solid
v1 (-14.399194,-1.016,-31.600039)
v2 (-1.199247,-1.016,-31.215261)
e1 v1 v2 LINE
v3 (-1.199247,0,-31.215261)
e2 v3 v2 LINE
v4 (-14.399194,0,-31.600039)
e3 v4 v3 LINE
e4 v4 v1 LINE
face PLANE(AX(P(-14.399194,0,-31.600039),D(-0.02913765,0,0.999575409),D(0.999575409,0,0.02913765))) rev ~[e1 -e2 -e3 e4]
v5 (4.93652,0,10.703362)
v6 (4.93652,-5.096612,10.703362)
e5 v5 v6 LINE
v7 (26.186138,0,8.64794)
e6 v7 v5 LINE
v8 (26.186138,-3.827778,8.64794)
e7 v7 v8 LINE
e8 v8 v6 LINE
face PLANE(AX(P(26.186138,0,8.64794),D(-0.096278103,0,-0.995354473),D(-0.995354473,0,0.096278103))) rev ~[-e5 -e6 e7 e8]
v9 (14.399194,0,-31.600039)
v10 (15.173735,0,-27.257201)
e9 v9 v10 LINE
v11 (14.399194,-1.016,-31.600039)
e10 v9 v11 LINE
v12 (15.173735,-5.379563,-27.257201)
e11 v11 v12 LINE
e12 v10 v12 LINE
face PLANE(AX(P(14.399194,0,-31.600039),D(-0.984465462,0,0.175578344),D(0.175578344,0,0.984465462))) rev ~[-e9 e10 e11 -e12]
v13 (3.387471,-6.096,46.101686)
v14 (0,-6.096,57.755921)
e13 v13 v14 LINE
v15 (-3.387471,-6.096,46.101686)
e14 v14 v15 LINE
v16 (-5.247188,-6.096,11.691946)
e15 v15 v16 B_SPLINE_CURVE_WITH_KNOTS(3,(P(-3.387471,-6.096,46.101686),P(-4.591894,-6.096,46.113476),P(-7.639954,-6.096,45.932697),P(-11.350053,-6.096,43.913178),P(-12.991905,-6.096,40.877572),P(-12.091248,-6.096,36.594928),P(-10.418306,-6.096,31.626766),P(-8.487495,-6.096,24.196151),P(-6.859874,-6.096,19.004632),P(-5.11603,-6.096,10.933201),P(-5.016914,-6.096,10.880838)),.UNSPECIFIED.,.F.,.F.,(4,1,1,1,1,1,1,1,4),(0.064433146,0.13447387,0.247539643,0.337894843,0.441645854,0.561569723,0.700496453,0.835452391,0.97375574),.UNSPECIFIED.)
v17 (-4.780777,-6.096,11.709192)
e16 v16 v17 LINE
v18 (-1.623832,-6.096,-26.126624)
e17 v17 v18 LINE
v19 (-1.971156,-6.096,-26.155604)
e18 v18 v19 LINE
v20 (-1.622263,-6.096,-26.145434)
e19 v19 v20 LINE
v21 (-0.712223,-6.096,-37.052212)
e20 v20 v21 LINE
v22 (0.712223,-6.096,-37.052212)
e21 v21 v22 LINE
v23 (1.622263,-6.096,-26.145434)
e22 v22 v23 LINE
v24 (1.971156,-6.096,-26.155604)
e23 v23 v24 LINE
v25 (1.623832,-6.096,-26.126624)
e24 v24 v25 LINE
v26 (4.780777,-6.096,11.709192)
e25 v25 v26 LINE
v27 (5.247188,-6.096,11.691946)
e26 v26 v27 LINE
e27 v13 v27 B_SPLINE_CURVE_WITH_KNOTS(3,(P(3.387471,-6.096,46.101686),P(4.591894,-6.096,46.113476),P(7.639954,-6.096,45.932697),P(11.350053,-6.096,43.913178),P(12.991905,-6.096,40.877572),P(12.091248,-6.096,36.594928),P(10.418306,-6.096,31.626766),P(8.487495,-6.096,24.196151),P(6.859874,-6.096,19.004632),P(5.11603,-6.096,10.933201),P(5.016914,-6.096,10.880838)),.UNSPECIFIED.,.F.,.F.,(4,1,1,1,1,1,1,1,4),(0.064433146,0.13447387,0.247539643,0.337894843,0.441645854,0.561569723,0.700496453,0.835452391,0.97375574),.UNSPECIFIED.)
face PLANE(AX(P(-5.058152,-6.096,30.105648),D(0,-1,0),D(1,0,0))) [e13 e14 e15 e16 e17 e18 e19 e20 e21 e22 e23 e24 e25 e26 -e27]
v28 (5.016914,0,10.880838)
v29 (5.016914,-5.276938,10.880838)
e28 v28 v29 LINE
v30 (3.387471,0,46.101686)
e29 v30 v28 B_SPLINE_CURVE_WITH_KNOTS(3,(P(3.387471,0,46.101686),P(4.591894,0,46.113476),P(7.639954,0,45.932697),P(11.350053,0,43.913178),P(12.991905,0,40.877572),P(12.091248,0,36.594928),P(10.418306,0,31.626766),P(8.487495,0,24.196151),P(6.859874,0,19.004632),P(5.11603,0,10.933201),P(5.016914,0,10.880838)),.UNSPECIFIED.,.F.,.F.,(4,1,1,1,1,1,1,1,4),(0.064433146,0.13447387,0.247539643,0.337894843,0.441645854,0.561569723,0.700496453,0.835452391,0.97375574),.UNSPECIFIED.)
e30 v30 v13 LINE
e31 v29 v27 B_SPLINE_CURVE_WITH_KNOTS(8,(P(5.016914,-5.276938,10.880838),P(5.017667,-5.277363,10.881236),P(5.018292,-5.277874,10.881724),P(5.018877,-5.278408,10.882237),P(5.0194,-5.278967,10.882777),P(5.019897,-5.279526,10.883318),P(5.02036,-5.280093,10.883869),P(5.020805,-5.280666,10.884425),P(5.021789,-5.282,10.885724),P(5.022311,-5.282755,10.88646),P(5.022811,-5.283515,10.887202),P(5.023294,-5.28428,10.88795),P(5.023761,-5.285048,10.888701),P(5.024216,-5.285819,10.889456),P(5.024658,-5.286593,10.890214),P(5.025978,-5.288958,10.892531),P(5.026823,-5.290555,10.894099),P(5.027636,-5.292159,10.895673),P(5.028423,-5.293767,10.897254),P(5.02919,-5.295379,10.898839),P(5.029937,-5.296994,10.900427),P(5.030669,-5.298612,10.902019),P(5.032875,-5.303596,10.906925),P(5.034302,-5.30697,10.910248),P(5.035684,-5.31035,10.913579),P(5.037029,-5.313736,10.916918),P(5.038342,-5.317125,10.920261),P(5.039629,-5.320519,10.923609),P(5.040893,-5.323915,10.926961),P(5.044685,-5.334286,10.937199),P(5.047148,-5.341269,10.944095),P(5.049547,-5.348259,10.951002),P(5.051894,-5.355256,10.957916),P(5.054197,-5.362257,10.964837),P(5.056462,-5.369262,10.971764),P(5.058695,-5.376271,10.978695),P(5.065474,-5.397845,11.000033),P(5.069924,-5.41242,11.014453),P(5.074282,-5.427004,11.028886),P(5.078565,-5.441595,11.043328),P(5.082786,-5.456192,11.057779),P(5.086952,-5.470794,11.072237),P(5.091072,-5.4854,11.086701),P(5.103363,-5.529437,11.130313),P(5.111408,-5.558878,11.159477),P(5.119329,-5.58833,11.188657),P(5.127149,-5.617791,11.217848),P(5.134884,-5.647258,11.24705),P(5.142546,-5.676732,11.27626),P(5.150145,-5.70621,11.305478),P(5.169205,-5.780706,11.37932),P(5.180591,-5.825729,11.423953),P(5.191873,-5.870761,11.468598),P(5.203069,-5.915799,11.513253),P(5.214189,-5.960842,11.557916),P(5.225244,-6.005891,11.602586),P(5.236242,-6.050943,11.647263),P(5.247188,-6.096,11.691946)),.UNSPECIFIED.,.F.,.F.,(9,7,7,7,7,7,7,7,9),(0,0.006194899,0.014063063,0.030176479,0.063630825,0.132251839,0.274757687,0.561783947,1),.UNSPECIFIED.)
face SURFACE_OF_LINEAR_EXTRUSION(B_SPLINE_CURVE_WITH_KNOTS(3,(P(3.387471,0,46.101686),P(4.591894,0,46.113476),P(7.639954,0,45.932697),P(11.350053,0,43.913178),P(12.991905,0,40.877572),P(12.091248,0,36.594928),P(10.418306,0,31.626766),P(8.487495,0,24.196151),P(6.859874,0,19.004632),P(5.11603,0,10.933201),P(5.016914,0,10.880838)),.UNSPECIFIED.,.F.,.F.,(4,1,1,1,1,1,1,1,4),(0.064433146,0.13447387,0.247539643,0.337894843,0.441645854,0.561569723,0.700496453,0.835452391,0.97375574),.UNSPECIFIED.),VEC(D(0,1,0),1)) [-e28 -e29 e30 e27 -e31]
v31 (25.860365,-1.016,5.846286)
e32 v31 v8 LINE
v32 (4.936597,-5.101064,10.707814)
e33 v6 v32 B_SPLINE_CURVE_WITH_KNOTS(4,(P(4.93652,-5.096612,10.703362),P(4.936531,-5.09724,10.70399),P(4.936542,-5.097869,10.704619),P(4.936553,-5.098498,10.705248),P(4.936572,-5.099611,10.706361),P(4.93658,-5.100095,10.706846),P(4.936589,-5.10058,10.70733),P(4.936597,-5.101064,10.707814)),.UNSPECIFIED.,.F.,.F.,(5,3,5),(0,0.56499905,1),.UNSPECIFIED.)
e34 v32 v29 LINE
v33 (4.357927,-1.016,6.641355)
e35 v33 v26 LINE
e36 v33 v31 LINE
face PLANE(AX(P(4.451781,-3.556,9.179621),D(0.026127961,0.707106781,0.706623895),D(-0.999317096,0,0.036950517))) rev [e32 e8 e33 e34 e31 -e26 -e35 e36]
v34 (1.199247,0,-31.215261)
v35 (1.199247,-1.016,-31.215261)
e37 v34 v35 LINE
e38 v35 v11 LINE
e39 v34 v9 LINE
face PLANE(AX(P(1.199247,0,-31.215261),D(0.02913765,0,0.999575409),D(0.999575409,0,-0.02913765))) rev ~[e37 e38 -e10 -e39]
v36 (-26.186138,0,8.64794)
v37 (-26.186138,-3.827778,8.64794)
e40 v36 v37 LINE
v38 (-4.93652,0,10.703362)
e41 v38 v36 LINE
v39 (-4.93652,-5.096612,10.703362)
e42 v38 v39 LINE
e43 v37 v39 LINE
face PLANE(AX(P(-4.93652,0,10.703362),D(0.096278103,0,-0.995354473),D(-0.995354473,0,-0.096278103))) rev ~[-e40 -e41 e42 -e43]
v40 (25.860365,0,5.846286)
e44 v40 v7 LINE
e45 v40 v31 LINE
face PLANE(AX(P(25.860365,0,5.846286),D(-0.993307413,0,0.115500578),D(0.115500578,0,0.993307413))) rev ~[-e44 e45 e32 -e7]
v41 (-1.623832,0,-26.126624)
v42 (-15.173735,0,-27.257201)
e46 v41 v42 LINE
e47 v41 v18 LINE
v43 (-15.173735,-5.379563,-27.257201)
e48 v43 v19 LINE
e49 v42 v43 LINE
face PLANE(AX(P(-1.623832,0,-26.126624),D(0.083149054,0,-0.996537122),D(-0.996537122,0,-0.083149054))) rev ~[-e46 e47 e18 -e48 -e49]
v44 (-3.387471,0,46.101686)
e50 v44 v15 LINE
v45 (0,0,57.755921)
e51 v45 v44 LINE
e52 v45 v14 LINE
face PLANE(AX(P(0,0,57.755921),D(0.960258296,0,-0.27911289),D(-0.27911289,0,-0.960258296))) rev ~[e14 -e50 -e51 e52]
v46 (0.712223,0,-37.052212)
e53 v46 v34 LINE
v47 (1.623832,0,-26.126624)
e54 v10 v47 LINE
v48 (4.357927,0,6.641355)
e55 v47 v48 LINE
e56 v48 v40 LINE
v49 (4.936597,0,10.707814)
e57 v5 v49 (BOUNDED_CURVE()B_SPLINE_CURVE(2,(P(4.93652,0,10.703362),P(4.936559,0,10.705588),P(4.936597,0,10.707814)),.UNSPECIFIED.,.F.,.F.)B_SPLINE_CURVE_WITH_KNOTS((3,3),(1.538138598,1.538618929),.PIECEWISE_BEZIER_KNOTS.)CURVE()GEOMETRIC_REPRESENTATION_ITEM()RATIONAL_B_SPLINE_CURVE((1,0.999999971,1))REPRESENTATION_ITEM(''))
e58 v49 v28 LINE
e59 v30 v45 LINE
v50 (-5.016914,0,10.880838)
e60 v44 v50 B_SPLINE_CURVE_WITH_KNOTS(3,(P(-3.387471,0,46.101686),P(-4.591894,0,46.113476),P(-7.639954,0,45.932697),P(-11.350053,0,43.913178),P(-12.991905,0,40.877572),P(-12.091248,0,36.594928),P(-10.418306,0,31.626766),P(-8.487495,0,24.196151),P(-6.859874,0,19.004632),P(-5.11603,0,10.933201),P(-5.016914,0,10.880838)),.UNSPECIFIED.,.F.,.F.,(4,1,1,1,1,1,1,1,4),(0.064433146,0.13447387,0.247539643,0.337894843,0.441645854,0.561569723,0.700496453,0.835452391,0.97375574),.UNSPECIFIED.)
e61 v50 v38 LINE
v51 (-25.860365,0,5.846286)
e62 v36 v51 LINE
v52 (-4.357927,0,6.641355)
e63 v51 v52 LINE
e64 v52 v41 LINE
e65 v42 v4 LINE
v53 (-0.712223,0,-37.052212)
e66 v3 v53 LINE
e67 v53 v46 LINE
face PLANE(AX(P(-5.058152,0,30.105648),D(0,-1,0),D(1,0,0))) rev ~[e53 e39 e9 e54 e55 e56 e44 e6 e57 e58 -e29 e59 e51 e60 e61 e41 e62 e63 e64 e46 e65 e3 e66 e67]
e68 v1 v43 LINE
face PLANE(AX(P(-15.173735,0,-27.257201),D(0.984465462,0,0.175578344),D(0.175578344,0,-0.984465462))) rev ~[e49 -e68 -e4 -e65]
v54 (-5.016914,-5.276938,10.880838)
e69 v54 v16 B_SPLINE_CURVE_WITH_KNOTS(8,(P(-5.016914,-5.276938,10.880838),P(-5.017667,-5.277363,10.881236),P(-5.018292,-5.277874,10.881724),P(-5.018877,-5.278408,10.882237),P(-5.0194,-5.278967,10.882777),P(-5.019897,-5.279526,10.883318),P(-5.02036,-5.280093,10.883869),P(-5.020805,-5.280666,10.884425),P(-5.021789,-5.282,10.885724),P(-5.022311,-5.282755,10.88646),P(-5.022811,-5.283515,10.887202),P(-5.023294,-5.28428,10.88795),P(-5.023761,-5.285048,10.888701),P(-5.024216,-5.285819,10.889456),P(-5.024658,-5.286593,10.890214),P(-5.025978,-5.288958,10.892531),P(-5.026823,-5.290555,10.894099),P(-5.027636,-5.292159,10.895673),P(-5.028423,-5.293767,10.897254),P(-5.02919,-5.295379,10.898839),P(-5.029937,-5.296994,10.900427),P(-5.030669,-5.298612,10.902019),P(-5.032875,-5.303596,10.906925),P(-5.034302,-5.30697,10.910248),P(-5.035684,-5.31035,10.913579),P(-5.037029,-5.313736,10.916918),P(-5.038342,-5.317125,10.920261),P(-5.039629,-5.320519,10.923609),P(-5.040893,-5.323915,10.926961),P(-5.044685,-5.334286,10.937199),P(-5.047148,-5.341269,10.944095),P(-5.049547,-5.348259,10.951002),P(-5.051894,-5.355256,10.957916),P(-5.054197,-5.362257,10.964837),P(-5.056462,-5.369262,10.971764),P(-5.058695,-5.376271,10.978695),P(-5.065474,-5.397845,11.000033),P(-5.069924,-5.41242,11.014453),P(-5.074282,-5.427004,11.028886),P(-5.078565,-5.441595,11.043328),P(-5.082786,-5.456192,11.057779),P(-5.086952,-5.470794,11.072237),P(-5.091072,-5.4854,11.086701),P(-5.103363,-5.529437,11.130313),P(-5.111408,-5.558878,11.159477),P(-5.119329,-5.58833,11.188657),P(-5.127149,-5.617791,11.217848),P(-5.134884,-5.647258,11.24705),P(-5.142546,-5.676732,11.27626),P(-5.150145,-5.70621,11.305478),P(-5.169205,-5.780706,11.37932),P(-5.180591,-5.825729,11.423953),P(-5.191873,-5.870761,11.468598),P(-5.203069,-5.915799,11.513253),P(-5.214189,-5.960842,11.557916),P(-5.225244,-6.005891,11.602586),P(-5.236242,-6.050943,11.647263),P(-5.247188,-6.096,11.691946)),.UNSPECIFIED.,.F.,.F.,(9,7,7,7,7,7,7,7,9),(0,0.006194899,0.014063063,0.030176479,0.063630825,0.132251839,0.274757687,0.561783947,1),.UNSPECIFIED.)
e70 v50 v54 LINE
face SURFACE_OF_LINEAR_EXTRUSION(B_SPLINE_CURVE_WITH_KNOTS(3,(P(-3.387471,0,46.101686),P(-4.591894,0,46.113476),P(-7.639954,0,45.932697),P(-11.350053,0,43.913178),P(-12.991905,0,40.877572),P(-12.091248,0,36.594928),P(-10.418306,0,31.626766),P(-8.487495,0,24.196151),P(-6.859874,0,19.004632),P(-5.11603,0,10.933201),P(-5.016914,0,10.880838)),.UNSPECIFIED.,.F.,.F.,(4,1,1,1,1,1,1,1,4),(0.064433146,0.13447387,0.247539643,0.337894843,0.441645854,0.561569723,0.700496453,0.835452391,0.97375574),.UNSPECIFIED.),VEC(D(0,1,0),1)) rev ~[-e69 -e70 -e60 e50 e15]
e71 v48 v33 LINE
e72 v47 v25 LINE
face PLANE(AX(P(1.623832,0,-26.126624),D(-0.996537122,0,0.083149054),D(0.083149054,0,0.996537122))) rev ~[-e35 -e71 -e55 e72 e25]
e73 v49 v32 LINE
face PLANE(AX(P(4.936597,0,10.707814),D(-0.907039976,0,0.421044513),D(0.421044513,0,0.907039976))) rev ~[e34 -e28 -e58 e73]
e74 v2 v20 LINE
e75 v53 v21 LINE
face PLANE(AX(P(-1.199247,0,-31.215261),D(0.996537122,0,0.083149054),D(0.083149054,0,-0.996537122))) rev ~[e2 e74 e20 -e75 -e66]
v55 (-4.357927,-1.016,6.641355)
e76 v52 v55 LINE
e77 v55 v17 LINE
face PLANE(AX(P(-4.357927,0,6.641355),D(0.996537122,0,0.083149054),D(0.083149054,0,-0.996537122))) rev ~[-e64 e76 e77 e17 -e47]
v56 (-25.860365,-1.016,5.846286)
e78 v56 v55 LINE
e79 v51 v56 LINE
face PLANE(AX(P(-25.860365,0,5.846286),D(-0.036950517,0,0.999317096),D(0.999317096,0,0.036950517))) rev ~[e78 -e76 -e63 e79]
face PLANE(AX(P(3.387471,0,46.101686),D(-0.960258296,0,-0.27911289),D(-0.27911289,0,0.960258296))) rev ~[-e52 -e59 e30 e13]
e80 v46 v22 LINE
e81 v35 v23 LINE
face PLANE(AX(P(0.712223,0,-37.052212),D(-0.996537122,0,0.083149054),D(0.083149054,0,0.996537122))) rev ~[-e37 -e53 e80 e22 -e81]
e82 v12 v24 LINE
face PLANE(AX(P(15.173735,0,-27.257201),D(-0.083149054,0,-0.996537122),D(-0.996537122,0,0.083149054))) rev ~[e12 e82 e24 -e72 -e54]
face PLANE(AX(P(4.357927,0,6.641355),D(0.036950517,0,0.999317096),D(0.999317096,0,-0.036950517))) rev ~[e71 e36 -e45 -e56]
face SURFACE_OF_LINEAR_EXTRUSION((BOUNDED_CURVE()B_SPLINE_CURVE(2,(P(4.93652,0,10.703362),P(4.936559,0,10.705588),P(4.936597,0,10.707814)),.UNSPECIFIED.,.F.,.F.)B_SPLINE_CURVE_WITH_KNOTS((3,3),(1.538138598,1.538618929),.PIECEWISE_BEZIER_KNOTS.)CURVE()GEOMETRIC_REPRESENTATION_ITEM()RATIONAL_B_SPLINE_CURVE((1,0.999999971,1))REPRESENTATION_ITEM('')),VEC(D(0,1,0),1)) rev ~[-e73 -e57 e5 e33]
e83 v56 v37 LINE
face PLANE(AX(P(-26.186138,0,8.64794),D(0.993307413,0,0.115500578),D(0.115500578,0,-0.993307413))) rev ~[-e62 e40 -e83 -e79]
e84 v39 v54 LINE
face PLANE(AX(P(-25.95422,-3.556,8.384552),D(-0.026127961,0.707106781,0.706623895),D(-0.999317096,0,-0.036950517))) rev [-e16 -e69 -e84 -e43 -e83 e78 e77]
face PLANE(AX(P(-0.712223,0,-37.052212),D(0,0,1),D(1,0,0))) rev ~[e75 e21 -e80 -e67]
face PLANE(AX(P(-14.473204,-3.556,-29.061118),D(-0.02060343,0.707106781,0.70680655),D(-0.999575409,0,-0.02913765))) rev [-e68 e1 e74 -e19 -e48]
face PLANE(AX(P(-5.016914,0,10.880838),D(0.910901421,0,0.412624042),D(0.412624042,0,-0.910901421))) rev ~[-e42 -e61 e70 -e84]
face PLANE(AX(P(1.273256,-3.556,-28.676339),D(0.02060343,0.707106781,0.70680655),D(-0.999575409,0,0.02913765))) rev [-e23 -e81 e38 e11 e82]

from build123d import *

# Parameters (mm, degrees)
F1_DEPTH = 6.096
F2_SIZE  = 5.08
F3_SIZE  = 5.08
F4_SIZE  = 5.08
F5_SIZE  = 5.08


with BuildPart() as f1:
    # F0 (on Front) → F1 (new body)
    with BuildSketch(Plane.XZ):
        with BuildLine():
            Line((0, 20.2803085162), (0, 45.9340810776))
            add(Edge.make_bspline(
                [(0, 45.9340810776), (-1.1389014306, 46.0114949237), (-2.2794765797, 46.0908397164), (-3.3874711399, 46.1016858359)],
                knots=[0, 0, 0, 0, 0.0644331464, 0.0644331464, 0.0644331464, 0.0644331464], degree=3))
            add(Edge.make_bspline(
                [(-3.3874711399, 46.1016858359), (-4.5918937858, 46.1134758865), (-7.6399537199, 45.932697384), (-11.3500527225, 43.9131780528), (-12.9919049147, 40.8775722979), (-12.0912484402, 36.5949284774), (-10.4183061964, 31.6267656453), (-8.4874951951, 24.1961510451), (-6.8598737351, 19.0046316817), (-5.1160297689, 10.9332008272), (-5.0169141032, 10.8808381483)],
                knots=[0.0644331464, 0.0644331464, 0.0644331464, 0.0644331464, 0.13447387, 0.2475396431, 0.3378948434, 0.4416458535, 0.5615697227, 0.7004964526, 0.8354523914, 0.9737557397, 0.9737557397, 0.9737557397, 0.9737557397], degree=3))
            Line((-5.0169141032, 10.8808381483), (-4.9365200102, 10.7033615932))
            add(Edge.make_bspline(
                [(0, 20.2803085162), (-5.1031475964, 20.2803085162), (-4.9365200102, 10.7033615932)],
                knots=[3.1415926536, 3.1415926536, 3.1415926536, 4.7450467089, 4.7450467089, 4.7450467089], degree=2, weights=[1, 0.6954667772, 1]))
        make_face()
        with BuildLine():
            add(Edge.make_bspline(
                [(0, 45.9340810776), (1.1389014306, 46.0114949237), (2.2794765797, 46.0908397164), (3.3874711399, 46.1016858359)],
                knots=[0, 0, 0, 0, 0.0644331464, 0.0644331464, 0.0644331464, 0.0644331464], degree=3))
            Line((0, 45.9340810776), (0, 20.2803085162))
            add(Edge.make_bspline(
                [(4.9365969051, 10.7078139024), (5.1006956981, 20.2803085162), (0, 20.2803085162)],
                knots=[1.5386189291, 1.5386189291, 1.5386189291, 3.1415926536, 3.1415926536, 3.1415926536], degree=2, weights=[1, 0.6956393299, 1]))
            Line((4.9365969051, 10.7078139024), (5.0169141032, 10.8808381483))
            add(Edge.make_bspline(
                [(3.3874711399, 46.1016858359), (4.5918937858, 46.1134758865), (7.6399537199, 45.932697384), (11.3500527225, 43.9131780528), (12.9919049147, 40.8775722979), (12.0912484402, 36.5949284774), (10.4183061964, 31.6267656453), (8.4874951951, 24.1961510451), (6.8598737351, 19.0046316817), (5.1160297689, 10.9332008272), (5.0169141032, 10.8808381483)],
                knots=[0.0644331464, 0.0644331464, 0.0644331464, 0.0644331464, 0.13447387, 0.2475396431, 0.3378948434, 0.4416458535, 0.5615697227, 0.7004964526, 0.8354523914, 0.9737557397, 0.9737557397, 0.9737557397, 0.9737557397], degree=3))
        make_face()
        with BuildLine():
            add(Edge.make_bspline(
                [(0, 45.9340810776), (-1.1389014306, 46.0114949237), (-2.2794765797, 46.0908397164), (-3.3874711399, 46.1016858359)],
                knots=[0, 0, 0, 0, 0.0644331464, 0.0644331464, 0.0644331464, 0.0644331464], degree=3))
            add(Edge.make_bspline(
                [(0, 45.9340810776), (1.1389014306, 46.0114949237), (2.2794765797, 46.0908397164), (3.3874711399, 46.1016858359)],
                knots=[0, 0, 0, 0, 0.0644331464, 0.0644331464, 0.0644331464, 0.0644331464], degree=3))
            Line((3.3874711399, 46.1016858359), (0, 57.755921036))
            Line((0, 57.755921036), (-3.3874711399, 46.1016858359))
        make_face()
        with BuildLine():
            Line((0, 1.7320509615), (0, 20.2803085162))
            add(Edge.make_bspline(
                [(0, 20.2803085162), (-5.1031475964, 20.2803085162), (-4.9365200102, 10.7033615932)],
                knots=[3.1415926536, 3.1415926536, 3.1415926536, 4.7450467089, 4.7450467089, 4.7450467089], degree=2, weights=[1, 0.6954667772, 1]))
            add(Edge.make_bspline(
                [(-4.9365200102, 10.7033615932), (-4.898983165, 8.5459254669), (-4.3579266312, 6.641355379)],
                knots=[4.7450467089, 4.7450467089, 4.7450467089, 5.2024108881, 5.2024108881, 5.2024108881], degree=2, weights=[1, 0.9739660033, 1]))
            add(Edge.make_bspline(
                [(-4.3579266312, 6.641355379), (-2.9632752876, 1.7320509615), (0, 1.7320509615)],
                knots=[5.2024108881, 5.2024108881, 5.2024108881, 6.2831853072, 6.2831853072, 6.2831853072], degree=2, weights=[1, 0.8575095387, 1]))
        make_face()
        with BuildLine():
            add(Edge.make_bspline(
                [(4.9365969051, 10.7078139024), (5.1006956981, 20.2803085162), (0, 20.2803085162)],
                knots=[1.5386189291, 1.5386189291, 1.5386189291, 3.1415926536, 3.1415926536, 3.1415926536], degree=2, weights=[1, 0.6956393299, 1]))
            Line((0, 20.2803085162), (0, 1.7320509615))
            add(Edge.make_bspline(
                [(0, 1.7320509615), (2.9632752876, 1.7320509615), (4.3579266312, 6.641355379)],
                knots=[0, 0, 0, 1.0807744191, 1.0807744191, 1.0807744191], degree=2, weights=[1, 0.8575095387, 1]))
            add(Edge.make_bspline(
                [(4.3579266312, 6.641355379), (4.898983165, 8.5459254669), (4.9365200102, 10.7033615932)],
                knots=[1.0807744191, 1.0807744191, 1.0807744191, 1.5381385983, 1.5381385983, 1.5381385983], degree=2, weights=[1, 0.9739660033, 1]))
            add(Edge.make_bspline(
                [(4.9365200102, 10.7033615932), (4.9365587424, 10.7055877305), (4.9365969051, 10.7078139024)],
                knots=[1.5381385983, 1.5381385983, 1.5381385983, 1.5386189291, 1.5386189291, 1.5386189291], degree=2, weights=[1, 0.9999999712, 1]))
        make_face()
        with BuildLine():
            Line((26.1861383915, 8.6479401216), (4.9365200102, 10.7033615932))
            add(Edge.make_bspline(
                [(4.3579266312, 6.641355379), (4.898983165, 8.5459254669), (4.9365200102, 10.7033615932)],
                knots=[1.0807744191, 1.0807744191, 1.0807744191, 1.5381385983, 1.5381385983, 1.5381385983], degree=2, weights=[1, 0.9739660033, 1]))
            Line((4.3579266312, 6.641355379), (25.8603654802, 5.8462861925))
            Line((25.8603654802, 5.8462861925), (26.1861383915, 8.6479401216))
        make_face()
        with BuildLine():
            add(Edge.make_bspline(
                [(-4.9365200102, 10.7033615932), (-4.898983165, 8.5459254669), (-4.3579266312, 6.641355379)],
                knots=[4.7450467089, 4.7450467089, 4.7450467089, 5.2024108881, 5.2024108881, 5.2024108881], degree=2, weights=[1, 0.9739660033, 1]))
            Line((-4.9365200102, 10.7033615932), (-26.1861383915, 8.6479401216))
            Line((-26.1861383915, 8.6479401216), (-25.8603654802, 5.8462861925))
            Line((-25.8603654802, 5.8462861925), (-4.3579266312, 6.641355379))
        make_face()
        with BuildLine():
            Line((0, -37.0522124614), (0, 1.7320509615))
            add(Edge.make_bspline(
                [(-4.3579266312, 6.641355379), (-2.9632752876, 1.7320509615), (0, 1.7320509615)],
                knots=[5.2024108881, 5.2024108881, 5.2024108881, 6.2831853072, 6.2831853072, 6.2831853072], degree=2, weights=[1, 0.8575095387, 1]))
            Line((-4.3579266312, 6.641355379), (-1.6238323207, -26.1266239599))
            Line((-1.6238323207, -26.1266239599), (-1.1992467089, -31.2152606249))
            Line((-1.1992467089, -31.2152606249), (-0.7122231839, -37.0522124614))
            Line((-0.7122231839, -37.0522124614), (0, -37.0522124614))
        make_face()
        with BuildLine():
            add(Edge.make_bspline(
                [(0, 1.7320509615), (2.9632752876, 1.7320509615), (4.3579266312, 6.641355379)],
                knots=[0, 0, 0, 1.0807744191, 1.0807744191, 1.0807744191], degree=2, weights=[1, 0.8575095387, 1]))
            Line((0, 1.7320509615), (0, -37.0522124614))
            Line((0, -37.0522124614), (0.7122231839, -37.0522124614))
            Line((0.7122231839, -37.0522124614), (1.1992467089, -31.2152606249))
            Line((1.1992467089, -31.2152606249), (1.6238323207, -26.1266239599))
            Line((1.6238323207, -26.1266239599), (4.3579266312, 6.641355379))
        make_face()
        Polygon((15.173734748, -27.257200574), (1.6238323207, -26.1266239599), (1.1992467089, -31.2152606249), (14.3991941586, -31.6000394523), align=None)
        Polygon((-1.1992467089, -31.2152606249), (-1.6238323207, -26.1266239599), (-15.173734748, -27.257200574), (-14.3991941586, -31.6000394523), align=None)
    extrude(amount=F1_DEPTH)

    # F2
    f2_edges = [f1.edges().sort_by_distance(p)[0] for p in [
        (-15.109146, -6.096, 6.243821),
    ]]
    chamfer(f2_edges, length=F2_SIZE)

    # F3
    f3_edges = [f1.edges().sort_by_distance(p)[0] for p in [
        (15.109146, -6.096, 6.243821),
    ]]
    chamfer(f3_edges, length=F3_SIZE)

    # F4
    f4_edges = [f1.edges().sort_by_distance(p)[0] for p in [
        (-7.79922, -6.096, -31.40765),
    ]]
    chamfer(f4_edges, length=F4_SIZE)

    # F5
    f5_edges = [f1.edges().sort_by_distance(p)[0] for p in [
        (7.79922, -6.096, -31.40765),
    ]]
    chamfer(f5_edges, length=F5_SIZE)


solid = f1.part
